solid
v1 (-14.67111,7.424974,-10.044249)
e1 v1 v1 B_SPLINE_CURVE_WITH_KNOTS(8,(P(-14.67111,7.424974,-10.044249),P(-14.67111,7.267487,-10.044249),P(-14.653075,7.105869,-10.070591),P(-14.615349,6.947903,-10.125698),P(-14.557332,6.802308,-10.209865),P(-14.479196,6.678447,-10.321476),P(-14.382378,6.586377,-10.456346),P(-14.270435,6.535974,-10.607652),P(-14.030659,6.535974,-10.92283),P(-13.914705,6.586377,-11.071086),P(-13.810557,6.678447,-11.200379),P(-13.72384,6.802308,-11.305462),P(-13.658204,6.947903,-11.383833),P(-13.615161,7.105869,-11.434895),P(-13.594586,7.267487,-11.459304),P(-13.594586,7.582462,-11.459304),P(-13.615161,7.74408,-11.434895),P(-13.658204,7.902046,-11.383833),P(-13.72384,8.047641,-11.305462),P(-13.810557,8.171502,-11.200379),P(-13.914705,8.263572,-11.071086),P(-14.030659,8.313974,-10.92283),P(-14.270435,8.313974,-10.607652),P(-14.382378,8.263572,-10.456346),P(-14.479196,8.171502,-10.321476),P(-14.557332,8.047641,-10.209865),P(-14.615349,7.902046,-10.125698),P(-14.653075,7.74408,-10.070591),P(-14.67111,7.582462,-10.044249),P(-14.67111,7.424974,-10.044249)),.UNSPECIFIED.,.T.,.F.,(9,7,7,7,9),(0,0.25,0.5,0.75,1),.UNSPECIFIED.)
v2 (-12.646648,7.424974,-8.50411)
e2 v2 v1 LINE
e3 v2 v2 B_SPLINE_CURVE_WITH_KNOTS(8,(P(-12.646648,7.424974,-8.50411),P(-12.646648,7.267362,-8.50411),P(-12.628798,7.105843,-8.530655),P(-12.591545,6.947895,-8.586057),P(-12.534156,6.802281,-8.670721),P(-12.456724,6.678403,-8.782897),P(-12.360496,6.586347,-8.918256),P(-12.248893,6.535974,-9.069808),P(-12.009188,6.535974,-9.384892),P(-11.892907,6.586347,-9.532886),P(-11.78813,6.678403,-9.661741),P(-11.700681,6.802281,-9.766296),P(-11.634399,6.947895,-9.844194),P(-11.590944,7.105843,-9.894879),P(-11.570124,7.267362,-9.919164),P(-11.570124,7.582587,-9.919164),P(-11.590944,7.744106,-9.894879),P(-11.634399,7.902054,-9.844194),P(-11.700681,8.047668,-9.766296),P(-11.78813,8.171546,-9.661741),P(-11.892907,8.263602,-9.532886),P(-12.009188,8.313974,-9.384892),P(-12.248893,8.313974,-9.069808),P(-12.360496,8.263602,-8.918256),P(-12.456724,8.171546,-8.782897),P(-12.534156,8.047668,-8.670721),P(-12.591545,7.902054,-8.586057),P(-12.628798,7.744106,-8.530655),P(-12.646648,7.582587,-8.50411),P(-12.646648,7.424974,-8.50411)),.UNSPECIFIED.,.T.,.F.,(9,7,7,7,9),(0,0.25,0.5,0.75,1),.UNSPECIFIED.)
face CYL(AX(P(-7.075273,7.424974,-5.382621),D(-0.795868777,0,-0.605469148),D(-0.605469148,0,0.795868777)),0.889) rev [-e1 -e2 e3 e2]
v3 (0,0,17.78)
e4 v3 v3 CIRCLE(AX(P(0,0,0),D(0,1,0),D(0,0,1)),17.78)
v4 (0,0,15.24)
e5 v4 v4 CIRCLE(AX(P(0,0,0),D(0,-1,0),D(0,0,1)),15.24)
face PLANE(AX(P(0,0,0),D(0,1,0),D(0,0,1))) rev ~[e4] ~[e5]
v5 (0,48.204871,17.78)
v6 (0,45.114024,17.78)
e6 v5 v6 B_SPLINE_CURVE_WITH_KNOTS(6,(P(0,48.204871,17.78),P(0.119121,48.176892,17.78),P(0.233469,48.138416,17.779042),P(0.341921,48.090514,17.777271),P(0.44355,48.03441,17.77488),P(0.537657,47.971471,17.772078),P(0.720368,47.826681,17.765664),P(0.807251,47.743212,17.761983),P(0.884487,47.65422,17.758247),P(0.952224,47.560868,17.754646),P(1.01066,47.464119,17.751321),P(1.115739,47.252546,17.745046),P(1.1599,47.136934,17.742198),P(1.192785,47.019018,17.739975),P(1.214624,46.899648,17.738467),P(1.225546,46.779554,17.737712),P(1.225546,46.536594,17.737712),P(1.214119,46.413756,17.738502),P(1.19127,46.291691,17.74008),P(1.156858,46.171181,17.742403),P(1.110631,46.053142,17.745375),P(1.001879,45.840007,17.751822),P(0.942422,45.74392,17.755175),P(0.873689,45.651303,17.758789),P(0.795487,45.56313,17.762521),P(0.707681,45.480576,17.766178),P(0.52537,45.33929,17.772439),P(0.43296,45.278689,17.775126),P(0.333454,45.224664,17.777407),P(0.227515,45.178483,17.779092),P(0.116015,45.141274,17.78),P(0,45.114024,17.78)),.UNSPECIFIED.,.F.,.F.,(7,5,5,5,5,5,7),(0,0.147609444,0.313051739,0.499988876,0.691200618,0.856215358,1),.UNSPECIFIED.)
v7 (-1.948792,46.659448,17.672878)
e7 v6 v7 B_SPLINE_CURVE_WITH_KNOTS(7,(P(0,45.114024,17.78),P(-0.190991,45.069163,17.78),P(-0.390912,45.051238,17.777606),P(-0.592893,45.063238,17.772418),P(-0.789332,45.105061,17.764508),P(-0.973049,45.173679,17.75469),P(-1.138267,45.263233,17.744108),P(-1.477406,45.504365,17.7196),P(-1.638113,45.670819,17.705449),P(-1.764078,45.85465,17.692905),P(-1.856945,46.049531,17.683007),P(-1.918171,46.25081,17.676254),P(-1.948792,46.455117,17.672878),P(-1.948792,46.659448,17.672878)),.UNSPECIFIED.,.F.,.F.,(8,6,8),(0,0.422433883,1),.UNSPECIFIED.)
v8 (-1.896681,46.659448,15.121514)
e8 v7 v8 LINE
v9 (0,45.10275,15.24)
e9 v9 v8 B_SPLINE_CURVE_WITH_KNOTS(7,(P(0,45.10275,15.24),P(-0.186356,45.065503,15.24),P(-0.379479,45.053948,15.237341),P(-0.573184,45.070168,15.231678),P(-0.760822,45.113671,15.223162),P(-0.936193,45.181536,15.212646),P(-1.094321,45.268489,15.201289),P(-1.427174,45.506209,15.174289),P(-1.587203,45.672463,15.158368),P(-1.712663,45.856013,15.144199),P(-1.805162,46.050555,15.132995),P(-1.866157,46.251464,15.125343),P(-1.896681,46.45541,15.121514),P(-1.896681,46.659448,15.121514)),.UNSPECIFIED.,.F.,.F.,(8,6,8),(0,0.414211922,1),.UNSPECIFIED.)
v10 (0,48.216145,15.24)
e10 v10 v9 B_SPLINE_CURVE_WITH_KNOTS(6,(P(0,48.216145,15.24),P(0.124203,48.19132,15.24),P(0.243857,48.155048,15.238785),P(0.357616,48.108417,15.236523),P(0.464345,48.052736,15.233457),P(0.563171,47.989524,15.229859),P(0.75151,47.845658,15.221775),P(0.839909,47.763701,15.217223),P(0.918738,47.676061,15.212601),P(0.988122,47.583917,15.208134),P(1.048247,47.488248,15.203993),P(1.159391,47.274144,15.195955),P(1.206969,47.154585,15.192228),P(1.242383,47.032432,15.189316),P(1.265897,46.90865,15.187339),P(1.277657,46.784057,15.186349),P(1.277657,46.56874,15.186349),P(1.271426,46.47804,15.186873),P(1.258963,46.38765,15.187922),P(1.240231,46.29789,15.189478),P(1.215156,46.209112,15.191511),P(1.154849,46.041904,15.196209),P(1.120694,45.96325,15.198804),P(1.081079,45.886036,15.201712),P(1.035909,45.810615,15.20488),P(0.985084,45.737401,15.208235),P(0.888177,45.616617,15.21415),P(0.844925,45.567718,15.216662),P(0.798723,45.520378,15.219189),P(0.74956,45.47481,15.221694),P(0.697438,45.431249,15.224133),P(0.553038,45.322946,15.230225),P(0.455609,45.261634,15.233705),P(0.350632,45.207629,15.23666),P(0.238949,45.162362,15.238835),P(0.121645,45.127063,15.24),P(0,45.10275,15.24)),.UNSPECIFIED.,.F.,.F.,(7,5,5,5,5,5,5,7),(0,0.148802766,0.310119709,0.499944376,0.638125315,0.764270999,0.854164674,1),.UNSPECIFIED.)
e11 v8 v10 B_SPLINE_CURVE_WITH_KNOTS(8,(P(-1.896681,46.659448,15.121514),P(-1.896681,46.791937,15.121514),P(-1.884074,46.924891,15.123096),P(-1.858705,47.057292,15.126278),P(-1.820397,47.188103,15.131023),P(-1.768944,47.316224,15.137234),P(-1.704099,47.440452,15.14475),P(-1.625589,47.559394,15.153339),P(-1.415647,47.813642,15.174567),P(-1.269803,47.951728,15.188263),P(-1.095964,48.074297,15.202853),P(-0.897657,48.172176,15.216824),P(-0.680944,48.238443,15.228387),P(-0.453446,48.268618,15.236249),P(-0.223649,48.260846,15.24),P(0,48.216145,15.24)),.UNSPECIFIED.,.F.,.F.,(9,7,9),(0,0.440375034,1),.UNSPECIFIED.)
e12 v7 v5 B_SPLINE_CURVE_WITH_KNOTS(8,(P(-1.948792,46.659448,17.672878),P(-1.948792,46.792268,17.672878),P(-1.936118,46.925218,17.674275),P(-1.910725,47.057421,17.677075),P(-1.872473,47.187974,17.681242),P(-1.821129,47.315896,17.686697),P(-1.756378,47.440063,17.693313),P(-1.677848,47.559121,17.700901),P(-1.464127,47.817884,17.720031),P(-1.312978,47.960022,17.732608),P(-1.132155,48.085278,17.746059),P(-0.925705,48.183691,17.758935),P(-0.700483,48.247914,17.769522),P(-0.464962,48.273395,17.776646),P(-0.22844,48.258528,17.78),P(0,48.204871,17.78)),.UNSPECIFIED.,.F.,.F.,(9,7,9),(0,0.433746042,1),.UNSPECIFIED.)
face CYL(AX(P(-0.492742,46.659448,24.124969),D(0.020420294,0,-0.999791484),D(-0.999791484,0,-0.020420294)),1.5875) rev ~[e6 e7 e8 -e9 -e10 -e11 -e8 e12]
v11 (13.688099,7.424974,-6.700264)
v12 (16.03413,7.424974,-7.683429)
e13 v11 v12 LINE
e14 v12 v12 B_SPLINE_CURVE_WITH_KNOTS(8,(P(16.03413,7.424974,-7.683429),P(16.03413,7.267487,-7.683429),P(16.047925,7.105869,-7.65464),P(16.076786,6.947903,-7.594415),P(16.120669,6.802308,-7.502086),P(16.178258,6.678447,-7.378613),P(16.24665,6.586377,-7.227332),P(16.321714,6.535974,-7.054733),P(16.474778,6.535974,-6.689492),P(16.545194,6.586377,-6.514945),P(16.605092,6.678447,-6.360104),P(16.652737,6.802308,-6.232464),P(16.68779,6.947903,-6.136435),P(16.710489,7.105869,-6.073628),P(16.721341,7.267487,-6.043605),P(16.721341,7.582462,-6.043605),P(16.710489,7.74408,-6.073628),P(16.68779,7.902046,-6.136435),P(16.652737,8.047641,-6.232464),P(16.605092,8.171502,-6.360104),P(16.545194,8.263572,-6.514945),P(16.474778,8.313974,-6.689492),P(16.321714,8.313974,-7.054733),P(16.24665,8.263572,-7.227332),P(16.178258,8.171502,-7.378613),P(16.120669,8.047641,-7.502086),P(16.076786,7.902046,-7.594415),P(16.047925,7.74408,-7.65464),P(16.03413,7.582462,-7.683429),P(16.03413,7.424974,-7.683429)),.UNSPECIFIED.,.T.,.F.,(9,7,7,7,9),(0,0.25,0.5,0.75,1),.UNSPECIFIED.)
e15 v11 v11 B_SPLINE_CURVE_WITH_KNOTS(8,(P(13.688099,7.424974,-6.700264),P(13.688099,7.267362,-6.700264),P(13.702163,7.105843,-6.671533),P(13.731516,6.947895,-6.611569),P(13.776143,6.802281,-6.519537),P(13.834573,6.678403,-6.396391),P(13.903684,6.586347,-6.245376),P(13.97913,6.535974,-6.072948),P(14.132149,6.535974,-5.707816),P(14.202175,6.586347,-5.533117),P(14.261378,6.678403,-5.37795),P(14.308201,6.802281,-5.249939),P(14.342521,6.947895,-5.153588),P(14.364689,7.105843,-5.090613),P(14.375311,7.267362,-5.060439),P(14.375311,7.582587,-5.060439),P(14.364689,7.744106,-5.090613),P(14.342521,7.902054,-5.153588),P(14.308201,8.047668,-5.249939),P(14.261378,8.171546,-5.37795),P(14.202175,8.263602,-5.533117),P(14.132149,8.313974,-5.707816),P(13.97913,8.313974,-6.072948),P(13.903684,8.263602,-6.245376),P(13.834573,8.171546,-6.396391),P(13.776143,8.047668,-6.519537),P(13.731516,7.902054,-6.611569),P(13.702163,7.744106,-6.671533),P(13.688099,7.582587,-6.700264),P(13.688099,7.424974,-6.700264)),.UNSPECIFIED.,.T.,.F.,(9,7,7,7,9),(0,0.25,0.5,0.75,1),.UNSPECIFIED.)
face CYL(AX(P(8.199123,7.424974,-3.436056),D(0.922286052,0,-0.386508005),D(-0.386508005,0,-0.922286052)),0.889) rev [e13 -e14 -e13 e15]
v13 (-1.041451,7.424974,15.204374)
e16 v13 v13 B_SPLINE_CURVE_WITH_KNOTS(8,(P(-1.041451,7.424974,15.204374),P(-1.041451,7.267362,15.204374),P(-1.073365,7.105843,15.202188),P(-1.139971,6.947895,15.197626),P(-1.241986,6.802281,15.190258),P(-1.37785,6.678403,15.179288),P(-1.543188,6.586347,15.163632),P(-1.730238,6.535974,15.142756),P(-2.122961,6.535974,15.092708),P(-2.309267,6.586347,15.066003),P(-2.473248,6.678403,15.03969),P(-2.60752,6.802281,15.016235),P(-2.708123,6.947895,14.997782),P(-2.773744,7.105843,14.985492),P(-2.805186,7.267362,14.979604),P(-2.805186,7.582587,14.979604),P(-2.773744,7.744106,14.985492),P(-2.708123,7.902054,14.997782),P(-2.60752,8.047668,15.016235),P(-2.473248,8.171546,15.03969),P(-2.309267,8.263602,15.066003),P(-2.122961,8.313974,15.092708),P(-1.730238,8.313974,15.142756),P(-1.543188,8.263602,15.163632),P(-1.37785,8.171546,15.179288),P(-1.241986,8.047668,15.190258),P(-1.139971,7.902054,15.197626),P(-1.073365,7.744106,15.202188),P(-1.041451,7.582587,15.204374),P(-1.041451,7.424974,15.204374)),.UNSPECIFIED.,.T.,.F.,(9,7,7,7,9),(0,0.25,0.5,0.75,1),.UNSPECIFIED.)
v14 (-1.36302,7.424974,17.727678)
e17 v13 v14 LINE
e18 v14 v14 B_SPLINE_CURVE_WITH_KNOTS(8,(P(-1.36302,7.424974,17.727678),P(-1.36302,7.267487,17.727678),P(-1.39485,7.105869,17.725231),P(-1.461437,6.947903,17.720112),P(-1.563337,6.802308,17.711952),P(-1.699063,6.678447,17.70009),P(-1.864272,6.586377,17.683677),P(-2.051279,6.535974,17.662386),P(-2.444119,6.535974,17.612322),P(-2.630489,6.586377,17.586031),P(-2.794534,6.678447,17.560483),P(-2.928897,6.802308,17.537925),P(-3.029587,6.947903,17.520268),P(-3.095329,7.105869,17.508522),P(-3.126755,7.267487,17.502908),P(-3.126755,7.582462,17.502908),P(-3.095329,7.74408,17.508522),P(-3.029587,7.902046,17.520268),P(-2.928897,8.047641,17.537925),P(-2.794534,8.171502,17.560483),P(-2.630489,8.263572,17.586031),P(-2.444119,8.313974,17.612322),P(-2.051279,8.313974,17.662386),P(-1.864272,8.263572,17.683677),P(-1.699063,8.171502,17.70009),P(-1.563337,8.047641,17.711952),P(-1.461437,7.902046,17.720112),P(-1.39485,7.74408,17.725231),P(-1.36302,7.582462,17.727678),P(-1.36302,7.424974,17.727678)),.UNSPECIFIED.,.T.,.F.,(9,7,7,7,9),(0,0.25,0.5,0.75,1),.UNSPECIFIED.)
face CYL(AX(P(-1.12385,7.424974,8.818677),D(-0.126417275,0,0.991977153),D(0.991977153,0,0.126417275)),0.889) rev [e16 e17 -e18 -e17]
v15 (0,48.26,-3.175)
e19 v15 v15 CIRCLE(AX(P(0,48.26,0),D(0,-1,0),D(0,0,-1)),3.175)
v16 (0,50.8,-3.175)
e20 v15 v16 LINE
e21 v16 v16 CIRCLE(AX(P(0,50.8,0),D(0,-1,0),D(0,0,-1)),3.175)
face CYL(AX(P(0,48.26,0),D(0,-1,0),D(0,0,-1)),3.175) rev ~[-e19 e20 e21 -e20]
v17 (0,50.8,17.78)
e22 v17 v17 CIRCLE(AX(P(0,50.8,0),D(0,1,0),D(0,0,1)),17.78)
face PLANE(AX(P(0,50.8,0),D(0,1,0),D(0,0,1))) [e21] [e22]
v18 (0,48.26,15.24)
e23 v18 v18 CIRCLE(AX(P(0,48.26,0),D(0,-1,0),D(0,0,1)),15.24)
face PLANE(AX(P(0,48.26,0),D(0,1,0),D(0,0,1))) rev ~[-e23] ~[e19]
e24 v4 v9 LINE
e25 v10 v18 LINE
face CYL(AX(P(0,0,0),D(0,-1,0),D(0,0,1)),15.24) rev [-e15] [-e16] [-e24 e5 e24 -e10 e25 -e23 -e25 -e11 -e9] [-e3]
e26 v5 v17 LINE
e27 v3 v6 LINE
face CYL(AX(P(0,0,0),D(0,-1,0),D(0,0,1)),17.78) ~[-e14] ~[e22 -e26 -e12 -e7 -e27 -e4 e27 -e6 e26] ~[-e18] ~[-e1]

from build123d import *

# Parameters (mm, degrees)
SKETCH1_R                     = 17.78
BOSS_EXTRUDE1_DEPTH           = 50.8
SHELL1_T                      = -2.54
SKETCH2_R                     = 3.175
CUT_EXTRUDE1_DEPTH            = 55.417684625
TAP_DRILL_FOR_0_80_TAP1_D     = 3.175
TAP_DRILL_FOR_0_80_TAP1_DEPTH = 6.35
TAP_DRILL_FOR_0_80_TAP1_TIP   = 1.332070664
CIRPATTERN1_COUNT             = 3


with BuildPart() as part:
    # Sketch1 → Boss-Extrude1 (new body)
    with BuildSketch(Plane(origin=(0, 0, 0), x_dir=(1, 0, 0), z_dir=(0, 1, 0))):
        with Locations(Location((0, 0, 0), (0, 0, 270))):
            Circle(SKETCH1_R)
    extrude(amount=BOSS_EXTRUDE1_DEPTH)

    # Shell1
    shell1_openings = [part.faces().sort_by_distance(p)[0] for p in [
        (0, 0, 0),
    ]]
    offset(amount=SHELL1_T, openings=shell1_openings, kind=Kind.INTERSECTION)

    # Sketch2 → Cut-Extrude1 (cut, through all)
    with BuildSketch(Plane.XZ.offset(-48.26)):
        with Locations(Location((0, 0, 0), (0, 0, 270))):
            Circle(SKETCH2_R)
    extrude(amount=-CUT_EXTRUDE1_DEPTH, mode=Mode.SUBTRACT)

    # Tap Drill for #0-80 Tap1
    with Locations(Plane(origin=(-0.363072826, 46.659447592, 17.776292587), x_dir=(0.999791484059, 0, 0.0204202939), z_dir=(-0.0204202939, 0, 0.999791484059))):
        with Locations((0, 0)):
            Hole(TAP_DRILL_FOR_0_80_TAP1_D / 2, depth=TAP_DRILL_FOR_0_80_TAP1_DEPTH)
            with Locations((0, 0, -(TAP_DRILL_FOR_0_80_TAP1_DEPTH + TAP_DRILL_FOR_0_80_TAP1_TIP / 2))):  # 100° drill point
                Cone(0, TAP_DRILL_FOR_0_80_TAP1_D / 2, TAP_DRILL_FOR_0_80_TAP1_TIP, mode=Mode.SUBTRACT)

    # Sketch8 → Tap Drill for #2-56 Tap1 (revolve, cut)
    with BuildSketch(Plane(origin=(-2.247699143, 7.424974445, 17.637353786), x_dir=(0.9919771533037619, 0, 0.1264172746240199), z_dir=(0, 1, 0))):
        Polygon((0, 0), (0, 9.635959572), (0.889, 8.89), (0.889, 0), align=None)
    tap_drill_for_2_56_tap1 = revolve(axis=Axis((-3.050448837, 7.424974445, 23.936408709), (0.1264172746240199, 0, -0.9919771533037619)), mode=Mode.SUBTRACT)

    # CirPattern1: Tap Drill for #2-56 Tap1 ×3 about axis
    cirpattern1_axis = Axis((0, 50.8, 0), (0, -1, 0))
    for i in range(1, CIRPATTERN1_COUNT):
        add(tap_drill_for_2_56_tap1.rotate(cirpattern1_axis, i * 360 / CIRPATTERN1_COUNT), mode=Mode.SUBTRACT)


solid = part.part
